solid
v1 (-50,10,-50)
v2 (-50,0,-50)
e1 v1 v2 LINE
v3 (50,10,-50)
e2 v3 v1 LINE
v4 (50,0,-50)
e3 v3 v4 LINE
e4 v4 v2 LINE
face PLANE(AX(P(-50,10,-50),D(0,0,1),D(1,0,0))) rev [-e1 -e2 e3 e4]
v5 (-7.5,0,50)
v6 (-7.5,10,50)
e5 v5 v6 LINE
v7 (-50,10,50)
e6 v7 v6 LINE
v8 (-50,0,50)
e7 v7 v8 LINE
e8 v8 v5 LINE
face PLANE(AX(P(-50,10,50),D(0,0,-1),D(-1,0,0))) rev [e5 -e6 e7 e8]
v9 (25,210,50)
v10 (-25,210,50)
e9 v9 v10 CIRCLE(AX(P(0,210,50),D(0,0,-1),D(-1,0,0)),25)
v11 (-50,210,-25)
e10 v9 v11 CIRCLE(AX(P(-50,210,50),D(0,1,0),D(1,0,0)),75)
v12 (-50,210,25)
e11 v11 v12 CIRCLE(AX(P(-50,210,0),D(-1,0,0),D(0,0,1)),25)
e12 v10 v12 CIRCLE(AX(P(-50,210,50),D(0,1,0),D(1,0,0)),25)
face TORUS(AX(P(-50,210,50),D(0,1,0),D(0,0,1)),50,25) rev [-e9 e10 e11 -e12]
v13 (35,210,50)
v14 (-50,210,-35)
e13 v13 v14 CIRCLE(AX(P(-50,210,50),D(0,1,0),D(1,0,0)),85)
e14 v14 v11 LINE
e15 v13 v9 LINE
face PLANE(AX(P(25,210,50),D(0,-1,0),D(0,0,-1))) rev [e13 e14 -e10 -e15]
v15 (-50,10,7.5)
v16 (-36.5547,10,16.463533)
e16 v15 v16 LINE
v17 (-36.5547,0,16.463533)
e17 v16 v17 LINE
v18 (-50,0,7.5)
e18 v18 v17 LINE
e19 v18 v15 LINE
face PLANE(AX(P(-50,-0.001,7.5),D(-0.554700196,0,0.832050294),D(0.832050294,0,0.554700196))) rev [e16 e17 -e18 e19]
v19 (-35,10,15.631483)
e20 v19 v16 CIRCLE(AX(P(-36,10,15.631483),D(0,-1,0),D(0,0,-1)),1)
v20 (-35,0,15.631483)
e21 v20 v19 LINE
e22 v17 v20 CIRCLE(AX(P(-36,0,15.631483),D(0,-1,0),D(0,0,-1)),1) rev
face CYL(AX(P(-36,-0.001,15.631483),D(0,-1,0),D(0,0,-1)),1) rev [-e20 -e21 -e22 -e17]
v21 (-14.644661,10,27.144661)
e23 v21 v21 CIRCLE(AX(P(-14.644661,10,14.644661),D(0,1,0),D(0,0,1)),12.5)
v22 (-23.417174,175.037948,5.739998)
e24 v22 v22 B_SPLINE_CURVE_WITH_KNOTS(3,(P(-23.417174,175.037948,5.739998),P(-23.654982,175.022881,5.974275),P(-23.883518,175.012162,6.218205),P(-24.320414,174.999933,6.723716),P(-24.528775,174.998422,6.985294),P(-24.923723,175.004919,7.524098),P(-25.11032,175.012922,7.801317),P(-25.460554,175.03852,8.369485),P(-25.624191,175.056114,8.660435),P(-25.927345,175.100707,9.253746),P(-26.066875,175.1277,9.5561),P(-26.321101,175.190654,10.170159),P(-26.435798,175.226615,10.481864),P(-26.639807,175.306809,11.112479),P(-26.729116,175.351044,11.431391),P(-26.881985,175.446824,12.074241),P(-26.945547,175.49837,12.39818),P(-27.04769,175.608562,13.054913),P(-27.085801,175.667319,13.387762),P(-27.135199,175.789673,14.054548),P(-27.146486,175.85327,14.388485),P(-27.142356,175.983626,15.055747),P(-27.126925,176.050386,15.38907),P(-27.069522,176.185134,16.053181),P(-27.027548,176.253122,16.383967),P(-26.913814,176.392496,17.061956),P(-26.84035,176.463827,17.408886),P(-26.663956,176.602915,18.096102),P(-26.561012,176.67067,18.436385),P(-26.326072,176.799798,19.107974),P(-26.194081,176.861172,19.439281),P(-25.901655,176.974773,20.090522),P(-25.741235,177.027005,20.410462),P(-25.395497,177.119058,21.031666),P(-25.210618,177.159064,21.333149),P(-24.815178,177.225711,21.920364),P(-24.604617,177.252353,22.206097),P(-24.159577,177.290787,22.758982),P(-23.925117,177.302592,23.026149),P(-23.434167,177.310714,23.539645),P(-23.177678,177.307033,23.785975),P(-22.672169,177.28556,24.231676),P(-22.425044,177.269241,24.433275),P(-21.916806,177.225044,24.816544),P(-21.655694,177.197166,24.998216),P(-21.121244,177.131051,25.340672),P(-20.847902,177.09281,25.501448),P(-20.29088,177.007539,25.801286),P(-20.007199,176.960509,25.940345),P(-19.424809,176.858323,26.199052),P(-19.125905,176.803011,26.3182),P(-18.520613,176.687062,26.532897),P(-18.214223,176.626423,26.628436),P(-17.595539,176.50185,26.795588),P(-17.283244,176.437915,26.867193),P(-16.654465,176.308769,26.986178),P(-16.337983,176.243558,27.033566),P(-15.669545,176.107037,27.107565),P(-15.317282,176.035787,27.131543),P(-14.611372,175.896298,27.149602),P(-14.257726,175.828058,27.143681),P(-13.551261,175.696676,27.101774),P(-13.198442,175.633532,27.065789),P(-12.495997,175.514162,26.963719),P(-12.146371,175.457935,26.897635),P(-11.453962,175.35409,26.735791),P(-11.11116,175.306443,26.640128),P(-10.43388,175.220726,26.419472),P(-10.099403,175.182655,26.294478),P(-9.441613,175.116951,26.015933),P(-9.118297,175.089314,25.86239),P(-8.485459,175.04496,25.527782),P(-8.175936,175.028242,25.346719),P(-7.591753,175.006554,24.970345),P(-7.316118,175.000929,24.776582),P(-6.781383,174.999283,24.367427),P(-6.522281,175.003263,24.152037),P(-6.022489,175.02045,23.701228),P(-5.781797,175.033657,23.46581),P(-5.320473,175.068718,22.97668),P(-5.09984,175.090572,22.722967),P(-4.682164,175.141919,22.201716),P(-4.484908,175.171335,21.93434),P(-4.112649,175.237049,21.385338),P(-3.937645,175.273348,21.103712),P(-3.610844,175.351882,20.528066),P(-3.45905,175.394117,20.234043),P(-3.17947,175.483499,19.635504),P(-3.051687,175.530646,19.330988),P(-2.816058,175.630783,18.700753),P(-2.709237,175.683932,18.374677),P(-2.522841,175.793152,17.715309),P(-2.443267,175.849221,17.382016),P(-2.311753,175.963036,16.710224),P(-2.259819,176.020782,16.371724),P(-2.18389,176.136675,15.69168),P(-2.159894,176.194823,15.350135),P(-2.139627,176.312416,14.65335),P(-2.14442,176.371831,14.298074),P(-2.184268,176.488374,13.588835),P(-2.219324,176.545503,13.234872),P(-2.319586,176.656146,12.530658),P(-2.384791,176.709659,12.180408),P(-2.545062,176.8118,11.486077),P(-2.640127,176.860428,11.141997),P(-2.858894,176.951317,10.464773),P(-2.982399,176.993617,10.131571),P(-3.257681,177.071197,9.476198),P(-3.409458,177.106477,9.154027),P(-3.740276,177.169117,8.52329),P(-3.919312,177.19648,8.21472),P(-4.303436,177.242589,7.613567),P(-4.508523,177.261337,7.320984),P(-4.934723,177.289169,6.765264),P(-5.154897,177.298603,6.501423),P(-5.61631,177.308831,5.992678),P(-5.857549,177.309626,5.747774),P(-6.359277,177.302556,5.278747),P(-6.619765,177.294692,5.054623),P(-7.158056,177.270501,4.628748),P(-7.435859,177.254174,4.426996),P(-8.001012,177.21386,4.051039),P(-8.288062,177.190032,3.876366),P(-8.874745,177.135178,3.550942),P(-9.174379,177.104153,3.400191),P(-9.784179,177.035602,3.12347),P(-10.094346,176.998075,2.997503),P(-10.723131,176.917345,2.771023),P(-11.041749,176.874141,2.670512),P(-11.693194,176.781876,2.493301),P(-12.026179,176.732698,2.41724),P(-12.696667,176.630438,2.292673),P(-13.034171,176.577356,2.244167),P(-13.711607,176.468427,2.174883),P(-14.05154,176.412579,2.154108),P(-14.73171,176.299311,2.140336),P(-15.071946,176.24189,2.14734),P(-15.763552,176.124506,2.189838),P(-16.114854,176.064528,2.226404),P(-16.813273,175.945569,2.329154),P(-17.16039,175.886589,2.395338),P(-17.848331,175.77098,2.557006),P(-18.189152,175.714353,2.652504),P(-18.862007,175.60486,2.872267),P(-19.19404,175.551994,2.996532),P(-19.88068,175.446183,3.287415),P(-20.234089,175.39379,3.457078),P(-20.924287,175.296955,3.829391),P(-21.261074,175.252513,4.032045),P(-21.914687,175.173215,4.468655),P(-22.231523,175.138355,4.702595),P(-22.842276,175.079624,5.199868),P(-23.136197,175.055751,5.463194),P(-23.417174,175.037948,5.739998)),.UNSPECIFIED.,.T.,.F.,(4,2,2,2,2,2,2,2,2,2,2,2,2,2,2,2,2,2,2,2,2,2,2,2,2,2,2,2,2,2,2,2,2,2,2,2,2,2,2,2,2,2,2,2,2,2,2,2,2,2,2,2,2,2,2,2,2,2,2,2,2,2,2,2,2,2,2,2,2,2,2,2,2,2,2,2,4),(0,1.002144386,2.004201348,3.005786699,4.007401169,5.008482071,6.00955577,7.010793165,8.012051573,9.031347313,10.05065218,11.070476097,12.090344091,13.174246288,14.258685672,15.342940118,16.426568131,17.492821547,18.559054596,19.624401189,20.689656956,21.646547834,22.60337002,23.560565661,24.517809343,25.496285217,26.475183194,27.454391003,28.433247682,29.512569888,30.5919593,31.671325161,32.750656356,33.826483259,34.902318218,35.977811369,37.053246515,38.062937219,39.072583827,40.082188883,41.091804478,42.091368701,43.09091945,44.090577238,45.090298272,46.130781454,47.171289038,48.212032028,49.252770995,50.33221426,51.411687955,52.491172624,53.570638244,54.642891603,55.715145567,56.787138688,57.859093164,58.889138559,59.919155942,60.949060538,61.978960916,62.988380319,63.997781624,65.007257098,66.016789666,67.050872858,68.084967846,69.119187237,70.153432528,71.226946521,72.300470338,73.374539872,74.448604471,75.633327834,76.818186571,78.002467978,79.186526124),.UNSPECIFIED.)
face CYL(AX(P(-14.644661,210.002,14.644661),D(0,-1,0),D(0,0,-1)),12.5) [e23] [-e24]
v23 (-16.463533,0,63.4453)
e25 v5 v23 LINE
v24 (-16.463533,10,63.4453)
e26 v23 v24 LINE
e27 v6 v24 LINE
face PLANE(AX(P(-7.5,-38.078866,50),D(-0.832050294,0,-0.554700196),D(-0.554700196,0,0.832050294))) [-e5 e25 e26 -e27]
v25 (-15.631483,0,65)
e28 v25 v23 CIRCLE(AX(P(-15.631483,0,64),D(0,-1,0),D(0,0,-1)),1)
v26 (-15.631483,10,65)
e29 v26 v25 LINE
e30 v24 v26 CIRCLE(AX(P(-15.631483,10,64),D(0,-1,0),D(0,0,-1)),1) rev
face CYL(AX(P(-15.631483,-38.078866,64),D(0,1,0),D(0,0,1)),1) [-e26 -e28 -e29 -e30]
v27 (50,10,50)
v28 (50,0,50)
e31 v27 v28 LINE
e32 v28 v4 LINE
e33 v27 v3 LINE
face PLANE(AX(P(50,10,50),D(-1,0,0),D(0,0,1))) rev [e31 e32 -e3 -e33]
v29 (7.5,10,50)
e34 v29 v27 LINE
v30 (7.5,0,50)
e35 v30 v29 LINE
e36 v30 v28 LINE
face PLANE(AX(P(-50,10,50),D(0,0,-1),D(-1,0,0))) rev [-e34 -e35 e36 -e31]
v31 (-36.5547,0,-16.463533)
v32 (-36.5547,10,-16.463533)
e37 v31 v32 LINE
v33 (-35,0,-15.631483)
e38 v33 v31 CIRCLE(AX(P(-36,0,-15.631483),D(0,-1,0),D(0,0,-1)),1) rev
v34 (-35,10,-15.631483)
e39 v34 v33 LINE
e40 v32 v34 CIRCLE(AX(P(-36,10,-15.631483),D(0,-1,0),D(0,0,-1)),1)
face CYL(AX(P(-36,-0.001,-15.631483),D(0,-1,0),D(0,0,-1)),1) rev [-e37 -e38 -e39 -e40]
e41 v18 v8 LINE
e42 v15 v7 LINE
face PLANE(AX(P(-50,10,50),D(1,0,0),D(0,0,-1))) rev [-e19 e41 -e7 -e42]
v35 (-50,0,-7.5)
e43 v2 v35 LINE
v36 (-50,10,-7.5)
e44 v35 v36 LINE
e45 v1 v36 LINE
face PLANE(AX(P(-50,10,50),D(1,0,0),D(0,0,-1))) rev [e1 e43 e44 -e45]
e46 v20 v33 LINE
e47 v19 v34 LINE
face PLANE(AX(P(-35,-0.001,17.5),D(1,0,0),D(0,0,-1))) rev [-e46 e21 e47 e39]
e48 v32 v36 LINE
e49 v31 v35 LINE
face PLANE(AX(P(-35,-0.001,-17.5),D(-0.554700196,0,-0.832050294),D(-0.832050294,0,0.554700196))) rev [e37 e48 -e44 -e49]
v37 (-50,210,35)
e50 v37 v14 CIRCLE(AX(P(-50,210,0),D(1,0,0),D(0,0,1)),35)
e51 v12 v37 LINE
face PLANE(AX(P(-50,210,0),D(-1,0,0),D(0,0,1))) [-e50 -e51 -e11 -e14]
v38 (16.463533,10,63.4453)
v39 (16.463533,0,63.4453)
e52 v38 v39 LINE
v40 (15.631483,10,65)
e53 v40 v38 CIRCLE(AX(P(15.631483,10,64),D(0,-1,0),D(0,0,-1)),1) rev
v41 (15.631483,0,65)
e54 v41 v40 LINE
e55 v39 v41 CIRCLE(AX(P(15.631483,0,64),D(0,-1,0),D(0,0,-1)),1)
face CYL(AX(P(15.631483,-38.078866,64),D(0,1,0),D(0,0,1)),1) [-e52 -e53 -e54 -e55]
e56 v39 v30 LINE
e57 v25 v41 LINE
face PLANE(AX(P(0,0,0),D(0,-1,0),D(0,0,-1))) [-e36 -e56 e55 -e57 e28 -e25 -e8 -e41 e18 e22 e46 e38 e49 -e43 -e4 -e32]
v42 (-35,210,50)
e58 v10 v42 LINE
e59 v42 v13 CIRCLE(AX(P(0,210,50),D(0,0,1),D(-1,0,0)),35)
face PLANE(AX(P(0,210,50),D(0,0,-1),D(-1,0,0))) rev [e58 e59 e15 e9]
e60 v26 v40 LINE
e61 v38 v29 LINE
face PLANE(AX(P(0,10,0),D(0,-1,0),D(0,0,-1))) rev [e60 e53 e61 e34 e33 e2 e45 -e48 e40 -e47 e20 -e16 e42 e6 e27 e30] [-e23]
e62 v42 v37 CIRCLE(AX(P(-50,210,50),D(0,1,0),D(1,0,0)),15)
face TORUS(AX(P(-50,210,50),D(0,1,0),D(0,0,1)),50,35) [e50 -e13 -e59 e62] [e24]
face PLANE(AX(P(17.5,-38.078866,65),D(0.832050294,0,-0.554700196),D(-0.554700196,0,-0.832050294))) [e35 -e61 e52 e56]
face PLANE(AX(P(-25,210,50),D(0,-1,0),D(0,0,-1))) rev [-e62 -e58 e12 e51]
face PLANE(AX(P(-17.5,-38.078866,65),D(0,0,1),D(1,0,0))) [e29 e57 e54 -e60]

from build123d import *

# Parameters (mm, degrees)
SKETCH1_W                      = 100
SKETCH1_H                      = 100
BOSS_EXTRUDE1_DEPTH            = 10
BOSS_EXTRUDE2_REACH            = 214.132
BOSS_EXTRUDE2_END_MAJOR_RADIUS = 50
BOSS_EXTRUDE2_END_MINOR_RADIUS = 35
SKETCH4_R                      = 12.5
BOSS_EXTRUDE21_DEPTH           = 10
FILLET1_R                      = 1
CUT_EXTRUDE1_REACH             = 230.031
FILLET11_R                     = 1


with BuildPart() as part:
    # Sketch1 → Boss-Extrude1 (new body)
    with BuildSketch(Plane(origin=(0, 0, 0), x_dir=(1, 0, 0), z_dir=(0, 1, 0))):
        Rectangle(SKETCH1_W, SKETCH1_H)
    extrude(amount=BOSS_EXTRUDE1_DEPTH)



with BuildPart() as body_2:
    # Sweep1: sweep along a path in Sketch2
    with BuildLine(Plane(origin=(0, 210, 0), x_dir=(1, 0, 0), z_dir=(0, 1, 0))) as sweep1_path:
        ThreePointArc((0, -50), (-14.644660941, -14.644660941), (-50, 0))
    # Sketch3 → Sweep1 (sweep)
    with BuildSketch(Plane.XY.offset(50)):
        with BuildLine():
            Line((25, 210), (35, 210))
            ThreePointArc((35, 210), (0, 175), (-35, 210))
            Line((-35, 210), (-25, 210))
            ThreePointArc((-25, 210), (0, 185), (25, 210))
        make_face()
    sweep(path=sweep1_path.line)


with BuildPart() as part_1:
    add(part.part)

    add(body_2.part)  # Boss-Extrude2 merges body 2
    # Boss-Extrude2: up to this torus (the profile starts outside it)
    boss_extrude2_end = Plane(origin=(-50, 210, 50), z_dir=(0, 1, 0)) * Torus(BOSS_EXTRUDE2_END_MAJOR_RADIUS, BOSS_EXTRUDE2_END_MINOR_RADIUS, mode=Mode.PRIVATE)
    # Sketch4 → Boss-Extrude2 (add, up to the surface)
    with BuildSketch(Plane(origin=(0, 10, 0), x_dir=(1, 0, 0), z_dir=(0, 1, 0)), mode=Mode.PRIVATE) as boss_extrude2_sk1:
        with Locations(Location((-14.644660941, -14.644660941, 0), (0, 0, 134.571678601))):
            Circle(SKETCH4_R)
    boss_extrude2_tool1 = extrude(boss_extrude2_sk1.sketch, amount=BOSS_EXTRUDE2_REACH, mode=Mode.PRIVATE) - boss_extrude2_end
    add(boss_extrude2_tool1.solids().sort_by_distance((-14.644661, 10, 14.644661))[0])

    # Sketch21 → Boss-Extrude21 (add)
    with BuildSketch(Plane(origin=(14.233580657, 10, 36.500543766), x_dir=(1, 0, 0), z_dir=(0, 1, 0))):
        Polygon((-21.733580657, -13.499456234), (-31.733580657, -28.499456234), (3.266419343, -28.499456234), (-6.733580657, -13.499456234), align=None)
    extrude(amount=-BOSS_EXTRUDE21_DEPTH)

    # Fillet1
    fillet1_edges = [part_1.edges().sort_by_distance(p)[0] for p in [
        (-17.5, 5, 65),
        (17.5, 5, 65),
    ]]
    fillet(fillet1_edges, radius=FILLET1_R)

    # Sketch22 → Cut-Extrude1 (cut, up to next)
    with BuildSketch(Plane(origin=(-40.028558931, 10, 2.604903453), x_dir=(1, 0, 0), z_dir=(0, 1, 0)), mode=Mode.PRIVATE) as cut_extrude1_sk1:
        Polygon((-9.971441069, -4.895096547), (5.028558931, -14.895096547), (5.028558931, 20.104903453), (-9.971441069, 10.104903453), align=None)
    cut_extrude1_tool1 = extrude(cut_extrude1_sk1.sketch, amount=-CUT_EXTRUDE1_REACH, mode=Mode.PRIVATE) & part_1.part
    add(cut_extrude1_tool1.solids().sort_by_distance((-41.5, 10, 0))[0], mode=Mode.SUBTRACT)

    # Fillet11
    fillet11_edges = [part_1.edges().sort_by_distance(p)[0] for p in [
        (-35, 5, -17.5),
        (-35, 5, 17.5),
    ]]
    fillet(fillet11_edges, radius=FILLET11_R)


solid = part_1.part
